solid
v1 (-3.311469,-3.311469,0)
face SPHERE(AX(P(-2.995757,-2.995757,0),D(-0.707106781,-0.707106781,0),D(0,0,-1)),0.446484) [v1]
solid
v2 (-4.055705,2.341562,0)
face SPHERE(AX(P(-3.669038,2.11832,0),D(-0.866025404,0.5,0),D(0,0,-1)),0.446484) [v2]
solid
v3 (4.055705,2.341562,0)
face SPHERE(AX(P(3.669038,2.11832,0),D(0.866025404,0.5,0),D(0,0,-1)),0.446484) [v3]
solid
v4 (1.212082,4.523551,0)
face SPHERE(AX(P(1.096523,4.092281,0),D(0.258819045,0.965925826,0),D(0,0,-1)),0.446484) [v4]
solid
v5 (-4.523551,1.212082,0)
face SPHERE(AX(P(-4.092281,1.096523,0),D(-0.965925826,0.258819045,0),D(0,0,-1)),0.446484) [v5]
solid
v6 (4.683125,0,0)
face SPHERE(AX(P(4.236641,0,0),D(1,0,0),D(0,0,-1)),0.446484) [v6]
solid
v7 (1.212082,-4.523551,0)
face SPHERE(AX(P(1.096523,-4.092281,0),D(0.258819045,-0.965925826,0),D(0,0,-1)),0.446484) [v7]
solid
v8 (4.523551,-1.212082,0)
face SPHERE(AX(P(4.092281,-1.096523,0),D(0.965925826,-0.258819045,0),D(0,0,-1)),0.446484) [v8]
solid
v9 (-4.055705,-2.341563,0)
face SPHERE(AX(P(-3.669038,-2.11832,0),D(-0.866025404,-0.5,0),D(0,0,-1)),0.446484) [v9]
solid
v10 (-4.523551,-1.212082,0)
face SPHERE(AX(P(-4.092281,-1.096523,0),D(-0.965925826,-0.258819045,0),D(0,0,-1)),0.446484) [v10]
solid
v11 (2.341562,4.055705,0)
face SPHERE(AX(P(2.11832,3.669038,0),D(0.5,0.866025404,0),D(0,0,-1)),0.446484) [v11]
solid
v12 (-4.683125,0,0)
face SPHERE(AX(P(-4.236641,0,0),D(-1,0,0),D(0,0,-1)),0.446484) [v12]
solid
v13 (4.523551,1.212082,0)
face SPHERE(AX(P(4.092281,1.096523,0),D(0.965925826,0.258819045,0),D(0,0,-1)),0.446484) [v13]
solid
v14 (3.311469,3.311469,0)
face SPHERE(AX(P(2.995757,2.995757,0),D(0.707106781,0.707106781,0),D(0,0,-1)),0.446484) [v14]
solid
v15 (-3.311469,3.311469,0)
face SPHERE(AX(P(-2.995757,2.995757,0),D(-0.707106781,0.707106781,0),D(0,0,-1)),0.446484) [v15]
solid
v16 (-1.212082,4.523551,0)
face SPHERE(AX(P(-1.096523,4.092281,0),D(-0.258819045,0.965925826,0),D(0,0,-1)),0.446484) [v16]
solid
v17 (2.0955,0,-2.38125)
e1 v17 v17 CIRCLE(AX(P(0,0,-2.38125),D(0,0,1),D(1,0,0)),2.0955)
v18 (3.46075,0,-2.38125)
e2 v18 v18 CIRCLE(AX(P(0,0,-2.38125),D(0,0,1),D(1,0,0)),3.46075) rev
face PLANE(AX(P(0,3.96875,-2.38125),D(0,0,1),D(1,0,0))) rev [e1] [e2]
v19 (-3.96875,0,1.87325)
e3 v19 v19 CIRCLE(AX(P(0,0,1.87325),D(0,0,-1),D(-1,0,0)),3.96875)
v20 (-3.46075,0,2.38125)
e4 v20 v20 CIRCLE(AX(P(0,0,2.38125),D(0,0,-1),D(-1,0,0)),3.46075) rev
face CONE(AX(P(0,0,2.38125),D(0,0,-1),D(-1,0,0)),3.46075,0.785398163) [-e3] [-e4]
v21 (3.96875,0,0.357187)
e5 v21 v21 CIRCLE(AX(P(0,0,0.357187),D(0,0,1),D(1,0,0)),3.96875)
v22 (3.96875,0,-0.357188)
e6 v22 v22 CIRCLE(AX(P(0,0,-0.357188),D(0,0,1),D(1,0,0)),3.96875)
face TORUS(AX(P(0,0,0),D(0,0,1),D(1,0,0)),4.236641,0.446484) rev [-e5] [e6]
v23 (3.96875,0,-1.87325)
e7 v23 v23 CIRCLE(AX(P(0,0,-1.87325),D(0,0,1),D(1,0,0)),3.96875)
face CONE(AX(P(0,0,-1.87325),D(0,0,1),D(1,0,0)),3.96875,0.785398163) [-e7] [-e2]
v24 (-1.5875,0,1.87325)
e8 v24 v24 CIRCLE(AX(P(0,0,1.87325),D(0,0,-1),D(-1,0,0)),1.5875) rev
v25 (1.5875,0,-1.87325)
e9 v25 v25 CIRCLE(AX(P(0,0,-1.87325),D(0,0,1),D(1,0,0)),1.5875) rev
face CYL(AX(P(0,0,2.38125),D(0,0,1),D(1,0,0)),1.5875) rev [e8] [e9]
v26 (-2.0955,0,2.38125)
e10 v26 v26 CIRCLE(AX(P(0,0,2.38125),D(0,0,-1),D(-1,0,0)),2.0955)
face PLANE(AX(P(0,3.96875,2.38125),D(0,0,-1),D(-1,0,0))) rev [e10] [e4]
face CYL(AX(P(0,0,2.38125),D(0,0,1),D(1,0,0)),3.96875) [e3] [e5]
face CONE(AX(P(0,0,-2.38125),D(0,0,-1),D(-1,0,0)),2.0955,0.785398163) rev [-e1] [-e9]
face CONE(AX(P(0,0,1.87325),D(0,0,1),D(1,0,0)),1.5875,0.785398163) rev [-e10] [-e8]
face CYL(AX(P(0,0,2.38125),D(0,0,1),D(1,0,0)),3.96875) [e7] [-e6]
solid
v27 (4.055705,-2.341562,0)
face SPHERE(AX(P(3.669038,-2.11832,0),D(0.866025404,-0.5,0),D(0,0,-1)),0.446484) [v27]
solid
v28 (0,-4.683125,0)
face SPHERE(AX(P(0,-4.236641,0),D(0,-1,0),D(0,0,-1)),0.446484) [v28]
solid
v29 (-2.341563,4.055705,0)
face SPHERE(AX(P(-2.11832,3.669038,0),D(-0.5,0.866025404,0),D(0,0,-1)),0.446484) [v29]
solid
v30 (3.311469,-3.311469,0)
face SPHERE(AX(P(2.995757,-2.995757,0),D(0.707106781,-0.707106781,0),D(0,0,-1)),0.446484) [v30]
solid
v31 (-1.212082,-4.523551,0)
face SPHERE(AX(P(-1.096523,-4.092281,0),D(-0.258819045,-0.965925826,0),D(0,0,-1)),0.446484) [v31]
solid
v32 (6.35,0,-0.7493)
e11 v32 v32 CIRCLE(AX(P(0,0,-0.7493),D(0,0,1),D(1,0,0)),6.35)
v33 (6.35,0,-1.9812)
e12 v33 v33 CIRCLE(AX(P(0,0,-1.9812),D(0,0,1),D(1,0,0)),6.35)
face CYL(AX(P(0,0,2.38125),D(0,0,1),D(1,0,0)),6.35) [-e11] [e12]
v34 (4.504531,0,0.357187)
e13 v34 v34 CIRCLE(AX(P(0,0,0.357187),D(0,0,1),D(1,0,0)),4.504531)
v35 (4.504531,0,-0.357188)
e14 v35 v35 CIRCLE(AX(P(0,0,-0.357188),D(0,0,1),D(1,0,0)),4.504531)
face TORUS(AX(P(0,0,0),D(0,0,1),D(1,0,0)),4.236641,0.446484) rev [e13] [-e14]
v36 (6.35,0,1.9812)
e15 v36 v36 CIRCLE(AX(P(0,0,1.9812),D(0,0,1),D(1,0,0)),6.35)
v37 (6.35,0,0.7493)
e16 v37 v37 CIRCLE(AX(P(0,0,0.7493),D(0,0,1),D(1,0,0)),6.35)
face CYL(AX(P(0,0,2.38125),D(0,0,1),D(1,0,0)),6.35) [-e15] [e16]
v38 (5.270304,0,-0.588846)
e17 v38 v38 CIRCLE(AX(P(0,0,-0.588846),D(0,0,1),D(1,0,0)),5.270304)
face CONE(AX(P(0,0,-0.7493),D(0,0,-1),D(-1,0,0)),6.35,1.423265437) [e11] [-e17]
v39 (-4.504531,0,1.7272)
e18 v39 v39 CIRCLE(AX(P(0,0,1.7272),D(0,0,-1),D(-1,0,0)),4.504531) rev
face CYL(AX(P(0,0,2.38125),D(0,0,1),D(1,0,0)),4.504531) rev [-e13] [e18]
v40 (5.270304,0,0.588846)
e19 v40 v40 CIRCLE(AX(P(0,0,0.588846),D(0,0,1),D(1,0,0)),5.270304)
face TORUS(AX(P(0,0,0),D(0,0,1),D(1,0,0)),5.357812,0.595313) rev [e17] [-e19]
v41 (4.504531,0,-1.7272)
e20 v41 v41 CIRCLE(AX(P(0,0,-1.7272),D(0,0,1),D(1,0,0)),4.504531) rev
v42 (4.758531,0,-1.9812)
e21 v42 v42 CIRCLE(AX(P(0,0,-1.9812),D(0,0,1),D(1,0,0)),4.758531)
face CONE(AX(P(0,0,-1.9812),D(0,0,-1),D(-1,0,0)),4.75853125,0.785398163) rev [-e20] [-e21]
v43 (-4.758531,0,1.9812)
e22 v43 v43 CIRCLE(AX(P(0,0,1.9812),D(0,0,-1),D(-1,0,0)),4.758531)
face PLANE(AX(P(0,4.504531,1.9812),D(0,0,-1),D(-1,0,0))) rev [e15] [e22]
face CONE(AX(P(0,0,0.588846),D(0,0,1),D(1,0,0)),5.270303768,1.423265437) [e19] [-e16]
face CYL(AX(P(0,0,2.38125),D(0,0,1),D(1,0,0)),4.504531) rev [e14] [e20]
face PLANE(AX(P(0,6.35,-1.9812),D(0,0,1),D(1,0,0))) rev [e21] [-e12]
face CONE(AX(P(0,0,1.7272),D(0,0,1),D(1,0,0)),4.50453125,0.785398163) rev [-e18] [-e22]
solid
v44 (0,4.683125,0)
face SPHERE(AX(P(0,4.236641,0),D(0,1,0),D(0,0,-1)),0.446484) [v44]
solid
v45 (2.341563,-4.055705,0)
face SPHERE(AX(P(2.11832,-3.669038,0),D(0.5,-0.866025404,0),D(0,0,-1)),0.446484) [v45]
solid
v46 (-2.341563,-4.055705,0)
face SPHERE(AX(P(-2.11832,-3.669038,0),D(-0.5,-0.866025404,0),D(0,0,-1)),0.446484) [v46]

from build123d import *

# Parameters (mm, degrees)
CIRPATTERN1_COUNT = 24
CHAMFER1_SIZE     = 0.508
CHAMFER2_SIZE     = 0.254


with BuildPart() as part:
    # Sketch1 → Revolve1 (revolve)
    with BuildSketch(Plane(origin=(0, 0, 0), x_dir=(0, 0, -1), z_dir=(1, 0, 0))):
        with BuildLine():
            Line((0.7493, 6.35), (1.9812, 6.35))
            Line((1.9812, 6.35), (1.9812, 4.50453125))
            Line((1.9812, 4.50453125), (0.3571875, 4.50453125))
            ThreePointArc((0.3571875, 4.50453125), (0, 4.683125), (-0.3571875, 4.50453125))
            Line((-0.3571875, 4.50453125), (-1.9812, 4.50453125))
            Line((-1.9812, 4.50453125), (-1.9812, 6.35))
            Line((-1.9812, 6.35), (-0.7493, 6.35))
            Line((-0.7493, 6.35), (-0.588845646, 5.270303768))
            ThreePointArc((-0.588845646, 5.270303768), (0, 4.7625), (0.588845646, 5.270303768))
            Line((0.588845646, 5.270303768), (0.7493, 6.35))
        make_face()
        with BuildLine():
            Line((2.38125, 1.5875), (-2.38125, 1.5875))
            Line((-2.38125, 1.5875), (-2.38125, 3.96875))
            Line((-2.38125, 3.96875), (-0.3571875, 3.96875))
            ThreePointArc((-0.3571875, 3.96875), (0, 3.79015625), (0.3571875, 3.96875))
            Line((0.3571875, 3.96875), (2.38125, 3.96875))
            Line((2.38125, 3.96875), (2.38125, 1.5875))
        make_face()
    revolve(axis=Axis((0, 0, 2.38125), (0, 0, -1)))

    # Chamfer1
    chamfer1_edges = [part.edges().sort_by_distance(p)[0] for p in [
        (0, -3.96875, 2.38125),
        (0, -3.96875, -2.38125),
        (0, -1.5875, -2.38125),
        (0, -1.5875, 2.38125),
    ]]
    chamfer(chamfer1_edges, length=CHAMFER1_SIZE)

    # Chamfer2
    chamfer2_edges = [part.edges().sort_by_distance(p)[0] for p in [
        (0, -4.50453125, -1.9812),
        (0, -4.50453125, 1.9812),
    ]]
    chamfer(chamfer2_edges, length=CHAMFER2_SIZE)


with BuildPart() as body_2:
    # Sketch2 → Revolve2 (revolve)
    with BuildSketch(Plane(origin=(0, 0, 0), x_dir=(0, 0, -1), z_dir=(1, 0, 0))):
        with BuildLine():
            Line((0, 4.683125), (0, 3.79015625))
            ThreePointArc((0, 3.79015625), (0.446484375, 4.236640625), (0, 4.683125))
        make_face()
    revolve(axis=Axis((0, 4.683125, 0), (0, -1, 0)))


with BuildPart() as cirpattern1_1:
    # CirPattern1: pattern copy
    add(body_2.part.rotate(Axis((0, 0, 0), (0, 0, 1)), 1 * 360 / CIRPATTERN1_COUNT))


with BuildPart() as cirpattern1_2:
    # CirPattern1: pattern copy
    add(body_2.part.rotate(Axis((0, 0, 0), (0, 0, 1)), 2 * 360 / CIRPATTERN1_COUNT))


with BuildPart() as cirpattern1_3:
    # CirPattern1: pattern copy
    add(body_2.part.rotate(Axis((0, 0, 0), (0, 0, 1)), 3 * 360 / CIRPATTERN1_COUNT))


with BuildPart() as cirpattern1_4:
    # CirPattern1: pattern copy
    add(body_2.part.rotate(Axis((0, 0, 0), (0, 0, 1)), 4 * 360 / CIRPATTERN1_COUNT))


with BuildPart() as cirpattern1_5:
    # CirPattern1: pattern copy
    add(body_2.part.rotate(Axis((0, 0, 0), (0, 0, 1)), 5 * 360 / CIRPATTERN1_COUNT))


with BuildPart() as cirpattern1_6:
    # CirPattern1: pattern copy
    add(body_2.part.rotate(Axis((0, 0, 0), (0, 0, 1)), 6 * 360 / CIRPATTERN1_COUNT))


with BuildPart() as cirpattern1_7:
    # CirPattern1: pattern copy
    add(body_2.part.rotate(Axis((0, 0, 0), (0, 0, 1)), 7 * 360 / CIRPATTERN1_COUNT))


with BuildPart() as cirpattern1_8:
    # CirPattern1: pattern copy
    add(body_2.part.rotate(Axis((0, 0, 0), (0, 0, 1)), 8 * 360 / CIRPATTERN1_COUNT))


with BuildPart() as cirpattern1_9:
    # CirPattern1: pattern copy
    add(body_2.part.rotate(Axis((0, 0, 0), (0, 0, 1)), 9 * 360 / CIRPATTERN1_COUNT))


with BuildPart() as cirpattern1_10:
    # CirPattern1: pattern copy
    add(body_2.part.rotate(Axis((0, 0, 0), (0, 0, 1)), 10 * 360 / CIRPATTERN1_COUNT))


with BuildPart() as cirpattern1_11:
    # CirPattern1: pattern copy
    add(body_2.part.rotate(Axis((0, 0, 0), (0, 0, 1)), 11 * 360 / CIRPATTERN1_COUNT))


with BuildPart() as cirpattern1_12:
    # CirPattern1: pattern copy
    add(body_2.part.rotate(Axis((0, 0, 0), (0, 0, 1)), 12 * 360 / CIRPATTERN1_COUNT))


with BuildPart() as cirpattern1_13:
    # CirPattern1: pattern copy
    add(body_2.part.rotate(Axis((0, 0, 0), (0, 0, 1)), 13 * 360 / CIRPATTERN1_COUNT))


with BuildPart() as cirpattern1_14:
    # CirPattern1: pattern copy
    add(body_2.part.rotate(Axis((0, 0, 0), (0, 0, 1)), 14 * 360 / CIRPATTERN1_COUNT))


with BuildPart() as cirpattern1_15:
    # CirPattern1: pattern copy
    add(body_2.part.rotate(Axis((0, 0, 0), (0, 0, 1)), 15 * 360 / CIRPATTERN1_COUNT))


with BuildPart() as cirpattern1_16:
    # CirPattern1: pattern copy
    add(body_2.part.rotate(Axis((0, 0, 0), (0, 0, 1)), 16 * 360 / CIRPATTERN1_COUNT))


with BuildPart() as cirpattern1_17:
    # CirPattern1: pattern copy
    add(body_2.part.rotate(Axis((0, 0, 0), (0, 0, 1)), 17 * 360 / CIRPATTERN1_COUNT))


with BuildPart() as cirpattern1_18:
    # CirPattern1: pattern copy
    add(body_2.part.rotate(Axis((0, 0, 0), (0, 0, 1)), 18 * 360 / CIRPATTERN1_COUNT))


with BuildPart() as cirpattern1_19:
    # CirPattern1: pattern copy
    add(body_2.part.rotate(Axis((0, 0, 0), (0, 0, 1)), 19 * 360 / CIRPATTERN1_COUNT))


with BuildPart() as cirpattern1_20:
    # CirPattern1: pattern copy
    add(body_2.part.rotate(Axis((0, 0, 0), (0, 0, 1)), 20 * 360 / CIRPATTERN1_COUNT))


with BuildPart() as cirpattern1_21:
    # CirPattern1: pattern copy
    add(body_2.part.rotate(Axis((0, 0, 0), (0, 0, 1)), 21 * 360 / CIRPATTERN1_COUNT))


with BuildPart() as cirpattern1_22:
    # CirPattern1: pattern copy
    add(body_2.part.rotate(Axis((0, 0, 0), (0, 0, 1)), 22 * 360 / CIRPATTERN1_COUNT))


with BuildPart() as cirpattern1_23:
    # CirPattern1: pattern copy
    add(body_2.part.rotate(Axis((0, 0, 0), (0, 0, 1)), 23 * 360 / CIRPATTERN1_COUNT))


solid = Compound([part.part, body_2.part, cirpattern1_1.part, cirpattern1_2.part, cirpattern1_3.part, cirpattern1_4.part, cirpattern1_5.part, cirpattern1_6.part, cirpattern1_7.part, cirpattern1_8.part, cirpattern1_9.part, cirpattern1_10.part, cirpattern1_11.part, cirpattern1_12.part, cirpattern1_13.part, cirpattern1_14.part, cirpattern1_15.part, cirpattern1_16.part, cirpattern1_17.part, cirpattern1_18.part, cirpattern1_19.part, cirpattern1_20.part, cirpattern1_21.part, cirpattern1_22.part, cirpattern1_23.part])
